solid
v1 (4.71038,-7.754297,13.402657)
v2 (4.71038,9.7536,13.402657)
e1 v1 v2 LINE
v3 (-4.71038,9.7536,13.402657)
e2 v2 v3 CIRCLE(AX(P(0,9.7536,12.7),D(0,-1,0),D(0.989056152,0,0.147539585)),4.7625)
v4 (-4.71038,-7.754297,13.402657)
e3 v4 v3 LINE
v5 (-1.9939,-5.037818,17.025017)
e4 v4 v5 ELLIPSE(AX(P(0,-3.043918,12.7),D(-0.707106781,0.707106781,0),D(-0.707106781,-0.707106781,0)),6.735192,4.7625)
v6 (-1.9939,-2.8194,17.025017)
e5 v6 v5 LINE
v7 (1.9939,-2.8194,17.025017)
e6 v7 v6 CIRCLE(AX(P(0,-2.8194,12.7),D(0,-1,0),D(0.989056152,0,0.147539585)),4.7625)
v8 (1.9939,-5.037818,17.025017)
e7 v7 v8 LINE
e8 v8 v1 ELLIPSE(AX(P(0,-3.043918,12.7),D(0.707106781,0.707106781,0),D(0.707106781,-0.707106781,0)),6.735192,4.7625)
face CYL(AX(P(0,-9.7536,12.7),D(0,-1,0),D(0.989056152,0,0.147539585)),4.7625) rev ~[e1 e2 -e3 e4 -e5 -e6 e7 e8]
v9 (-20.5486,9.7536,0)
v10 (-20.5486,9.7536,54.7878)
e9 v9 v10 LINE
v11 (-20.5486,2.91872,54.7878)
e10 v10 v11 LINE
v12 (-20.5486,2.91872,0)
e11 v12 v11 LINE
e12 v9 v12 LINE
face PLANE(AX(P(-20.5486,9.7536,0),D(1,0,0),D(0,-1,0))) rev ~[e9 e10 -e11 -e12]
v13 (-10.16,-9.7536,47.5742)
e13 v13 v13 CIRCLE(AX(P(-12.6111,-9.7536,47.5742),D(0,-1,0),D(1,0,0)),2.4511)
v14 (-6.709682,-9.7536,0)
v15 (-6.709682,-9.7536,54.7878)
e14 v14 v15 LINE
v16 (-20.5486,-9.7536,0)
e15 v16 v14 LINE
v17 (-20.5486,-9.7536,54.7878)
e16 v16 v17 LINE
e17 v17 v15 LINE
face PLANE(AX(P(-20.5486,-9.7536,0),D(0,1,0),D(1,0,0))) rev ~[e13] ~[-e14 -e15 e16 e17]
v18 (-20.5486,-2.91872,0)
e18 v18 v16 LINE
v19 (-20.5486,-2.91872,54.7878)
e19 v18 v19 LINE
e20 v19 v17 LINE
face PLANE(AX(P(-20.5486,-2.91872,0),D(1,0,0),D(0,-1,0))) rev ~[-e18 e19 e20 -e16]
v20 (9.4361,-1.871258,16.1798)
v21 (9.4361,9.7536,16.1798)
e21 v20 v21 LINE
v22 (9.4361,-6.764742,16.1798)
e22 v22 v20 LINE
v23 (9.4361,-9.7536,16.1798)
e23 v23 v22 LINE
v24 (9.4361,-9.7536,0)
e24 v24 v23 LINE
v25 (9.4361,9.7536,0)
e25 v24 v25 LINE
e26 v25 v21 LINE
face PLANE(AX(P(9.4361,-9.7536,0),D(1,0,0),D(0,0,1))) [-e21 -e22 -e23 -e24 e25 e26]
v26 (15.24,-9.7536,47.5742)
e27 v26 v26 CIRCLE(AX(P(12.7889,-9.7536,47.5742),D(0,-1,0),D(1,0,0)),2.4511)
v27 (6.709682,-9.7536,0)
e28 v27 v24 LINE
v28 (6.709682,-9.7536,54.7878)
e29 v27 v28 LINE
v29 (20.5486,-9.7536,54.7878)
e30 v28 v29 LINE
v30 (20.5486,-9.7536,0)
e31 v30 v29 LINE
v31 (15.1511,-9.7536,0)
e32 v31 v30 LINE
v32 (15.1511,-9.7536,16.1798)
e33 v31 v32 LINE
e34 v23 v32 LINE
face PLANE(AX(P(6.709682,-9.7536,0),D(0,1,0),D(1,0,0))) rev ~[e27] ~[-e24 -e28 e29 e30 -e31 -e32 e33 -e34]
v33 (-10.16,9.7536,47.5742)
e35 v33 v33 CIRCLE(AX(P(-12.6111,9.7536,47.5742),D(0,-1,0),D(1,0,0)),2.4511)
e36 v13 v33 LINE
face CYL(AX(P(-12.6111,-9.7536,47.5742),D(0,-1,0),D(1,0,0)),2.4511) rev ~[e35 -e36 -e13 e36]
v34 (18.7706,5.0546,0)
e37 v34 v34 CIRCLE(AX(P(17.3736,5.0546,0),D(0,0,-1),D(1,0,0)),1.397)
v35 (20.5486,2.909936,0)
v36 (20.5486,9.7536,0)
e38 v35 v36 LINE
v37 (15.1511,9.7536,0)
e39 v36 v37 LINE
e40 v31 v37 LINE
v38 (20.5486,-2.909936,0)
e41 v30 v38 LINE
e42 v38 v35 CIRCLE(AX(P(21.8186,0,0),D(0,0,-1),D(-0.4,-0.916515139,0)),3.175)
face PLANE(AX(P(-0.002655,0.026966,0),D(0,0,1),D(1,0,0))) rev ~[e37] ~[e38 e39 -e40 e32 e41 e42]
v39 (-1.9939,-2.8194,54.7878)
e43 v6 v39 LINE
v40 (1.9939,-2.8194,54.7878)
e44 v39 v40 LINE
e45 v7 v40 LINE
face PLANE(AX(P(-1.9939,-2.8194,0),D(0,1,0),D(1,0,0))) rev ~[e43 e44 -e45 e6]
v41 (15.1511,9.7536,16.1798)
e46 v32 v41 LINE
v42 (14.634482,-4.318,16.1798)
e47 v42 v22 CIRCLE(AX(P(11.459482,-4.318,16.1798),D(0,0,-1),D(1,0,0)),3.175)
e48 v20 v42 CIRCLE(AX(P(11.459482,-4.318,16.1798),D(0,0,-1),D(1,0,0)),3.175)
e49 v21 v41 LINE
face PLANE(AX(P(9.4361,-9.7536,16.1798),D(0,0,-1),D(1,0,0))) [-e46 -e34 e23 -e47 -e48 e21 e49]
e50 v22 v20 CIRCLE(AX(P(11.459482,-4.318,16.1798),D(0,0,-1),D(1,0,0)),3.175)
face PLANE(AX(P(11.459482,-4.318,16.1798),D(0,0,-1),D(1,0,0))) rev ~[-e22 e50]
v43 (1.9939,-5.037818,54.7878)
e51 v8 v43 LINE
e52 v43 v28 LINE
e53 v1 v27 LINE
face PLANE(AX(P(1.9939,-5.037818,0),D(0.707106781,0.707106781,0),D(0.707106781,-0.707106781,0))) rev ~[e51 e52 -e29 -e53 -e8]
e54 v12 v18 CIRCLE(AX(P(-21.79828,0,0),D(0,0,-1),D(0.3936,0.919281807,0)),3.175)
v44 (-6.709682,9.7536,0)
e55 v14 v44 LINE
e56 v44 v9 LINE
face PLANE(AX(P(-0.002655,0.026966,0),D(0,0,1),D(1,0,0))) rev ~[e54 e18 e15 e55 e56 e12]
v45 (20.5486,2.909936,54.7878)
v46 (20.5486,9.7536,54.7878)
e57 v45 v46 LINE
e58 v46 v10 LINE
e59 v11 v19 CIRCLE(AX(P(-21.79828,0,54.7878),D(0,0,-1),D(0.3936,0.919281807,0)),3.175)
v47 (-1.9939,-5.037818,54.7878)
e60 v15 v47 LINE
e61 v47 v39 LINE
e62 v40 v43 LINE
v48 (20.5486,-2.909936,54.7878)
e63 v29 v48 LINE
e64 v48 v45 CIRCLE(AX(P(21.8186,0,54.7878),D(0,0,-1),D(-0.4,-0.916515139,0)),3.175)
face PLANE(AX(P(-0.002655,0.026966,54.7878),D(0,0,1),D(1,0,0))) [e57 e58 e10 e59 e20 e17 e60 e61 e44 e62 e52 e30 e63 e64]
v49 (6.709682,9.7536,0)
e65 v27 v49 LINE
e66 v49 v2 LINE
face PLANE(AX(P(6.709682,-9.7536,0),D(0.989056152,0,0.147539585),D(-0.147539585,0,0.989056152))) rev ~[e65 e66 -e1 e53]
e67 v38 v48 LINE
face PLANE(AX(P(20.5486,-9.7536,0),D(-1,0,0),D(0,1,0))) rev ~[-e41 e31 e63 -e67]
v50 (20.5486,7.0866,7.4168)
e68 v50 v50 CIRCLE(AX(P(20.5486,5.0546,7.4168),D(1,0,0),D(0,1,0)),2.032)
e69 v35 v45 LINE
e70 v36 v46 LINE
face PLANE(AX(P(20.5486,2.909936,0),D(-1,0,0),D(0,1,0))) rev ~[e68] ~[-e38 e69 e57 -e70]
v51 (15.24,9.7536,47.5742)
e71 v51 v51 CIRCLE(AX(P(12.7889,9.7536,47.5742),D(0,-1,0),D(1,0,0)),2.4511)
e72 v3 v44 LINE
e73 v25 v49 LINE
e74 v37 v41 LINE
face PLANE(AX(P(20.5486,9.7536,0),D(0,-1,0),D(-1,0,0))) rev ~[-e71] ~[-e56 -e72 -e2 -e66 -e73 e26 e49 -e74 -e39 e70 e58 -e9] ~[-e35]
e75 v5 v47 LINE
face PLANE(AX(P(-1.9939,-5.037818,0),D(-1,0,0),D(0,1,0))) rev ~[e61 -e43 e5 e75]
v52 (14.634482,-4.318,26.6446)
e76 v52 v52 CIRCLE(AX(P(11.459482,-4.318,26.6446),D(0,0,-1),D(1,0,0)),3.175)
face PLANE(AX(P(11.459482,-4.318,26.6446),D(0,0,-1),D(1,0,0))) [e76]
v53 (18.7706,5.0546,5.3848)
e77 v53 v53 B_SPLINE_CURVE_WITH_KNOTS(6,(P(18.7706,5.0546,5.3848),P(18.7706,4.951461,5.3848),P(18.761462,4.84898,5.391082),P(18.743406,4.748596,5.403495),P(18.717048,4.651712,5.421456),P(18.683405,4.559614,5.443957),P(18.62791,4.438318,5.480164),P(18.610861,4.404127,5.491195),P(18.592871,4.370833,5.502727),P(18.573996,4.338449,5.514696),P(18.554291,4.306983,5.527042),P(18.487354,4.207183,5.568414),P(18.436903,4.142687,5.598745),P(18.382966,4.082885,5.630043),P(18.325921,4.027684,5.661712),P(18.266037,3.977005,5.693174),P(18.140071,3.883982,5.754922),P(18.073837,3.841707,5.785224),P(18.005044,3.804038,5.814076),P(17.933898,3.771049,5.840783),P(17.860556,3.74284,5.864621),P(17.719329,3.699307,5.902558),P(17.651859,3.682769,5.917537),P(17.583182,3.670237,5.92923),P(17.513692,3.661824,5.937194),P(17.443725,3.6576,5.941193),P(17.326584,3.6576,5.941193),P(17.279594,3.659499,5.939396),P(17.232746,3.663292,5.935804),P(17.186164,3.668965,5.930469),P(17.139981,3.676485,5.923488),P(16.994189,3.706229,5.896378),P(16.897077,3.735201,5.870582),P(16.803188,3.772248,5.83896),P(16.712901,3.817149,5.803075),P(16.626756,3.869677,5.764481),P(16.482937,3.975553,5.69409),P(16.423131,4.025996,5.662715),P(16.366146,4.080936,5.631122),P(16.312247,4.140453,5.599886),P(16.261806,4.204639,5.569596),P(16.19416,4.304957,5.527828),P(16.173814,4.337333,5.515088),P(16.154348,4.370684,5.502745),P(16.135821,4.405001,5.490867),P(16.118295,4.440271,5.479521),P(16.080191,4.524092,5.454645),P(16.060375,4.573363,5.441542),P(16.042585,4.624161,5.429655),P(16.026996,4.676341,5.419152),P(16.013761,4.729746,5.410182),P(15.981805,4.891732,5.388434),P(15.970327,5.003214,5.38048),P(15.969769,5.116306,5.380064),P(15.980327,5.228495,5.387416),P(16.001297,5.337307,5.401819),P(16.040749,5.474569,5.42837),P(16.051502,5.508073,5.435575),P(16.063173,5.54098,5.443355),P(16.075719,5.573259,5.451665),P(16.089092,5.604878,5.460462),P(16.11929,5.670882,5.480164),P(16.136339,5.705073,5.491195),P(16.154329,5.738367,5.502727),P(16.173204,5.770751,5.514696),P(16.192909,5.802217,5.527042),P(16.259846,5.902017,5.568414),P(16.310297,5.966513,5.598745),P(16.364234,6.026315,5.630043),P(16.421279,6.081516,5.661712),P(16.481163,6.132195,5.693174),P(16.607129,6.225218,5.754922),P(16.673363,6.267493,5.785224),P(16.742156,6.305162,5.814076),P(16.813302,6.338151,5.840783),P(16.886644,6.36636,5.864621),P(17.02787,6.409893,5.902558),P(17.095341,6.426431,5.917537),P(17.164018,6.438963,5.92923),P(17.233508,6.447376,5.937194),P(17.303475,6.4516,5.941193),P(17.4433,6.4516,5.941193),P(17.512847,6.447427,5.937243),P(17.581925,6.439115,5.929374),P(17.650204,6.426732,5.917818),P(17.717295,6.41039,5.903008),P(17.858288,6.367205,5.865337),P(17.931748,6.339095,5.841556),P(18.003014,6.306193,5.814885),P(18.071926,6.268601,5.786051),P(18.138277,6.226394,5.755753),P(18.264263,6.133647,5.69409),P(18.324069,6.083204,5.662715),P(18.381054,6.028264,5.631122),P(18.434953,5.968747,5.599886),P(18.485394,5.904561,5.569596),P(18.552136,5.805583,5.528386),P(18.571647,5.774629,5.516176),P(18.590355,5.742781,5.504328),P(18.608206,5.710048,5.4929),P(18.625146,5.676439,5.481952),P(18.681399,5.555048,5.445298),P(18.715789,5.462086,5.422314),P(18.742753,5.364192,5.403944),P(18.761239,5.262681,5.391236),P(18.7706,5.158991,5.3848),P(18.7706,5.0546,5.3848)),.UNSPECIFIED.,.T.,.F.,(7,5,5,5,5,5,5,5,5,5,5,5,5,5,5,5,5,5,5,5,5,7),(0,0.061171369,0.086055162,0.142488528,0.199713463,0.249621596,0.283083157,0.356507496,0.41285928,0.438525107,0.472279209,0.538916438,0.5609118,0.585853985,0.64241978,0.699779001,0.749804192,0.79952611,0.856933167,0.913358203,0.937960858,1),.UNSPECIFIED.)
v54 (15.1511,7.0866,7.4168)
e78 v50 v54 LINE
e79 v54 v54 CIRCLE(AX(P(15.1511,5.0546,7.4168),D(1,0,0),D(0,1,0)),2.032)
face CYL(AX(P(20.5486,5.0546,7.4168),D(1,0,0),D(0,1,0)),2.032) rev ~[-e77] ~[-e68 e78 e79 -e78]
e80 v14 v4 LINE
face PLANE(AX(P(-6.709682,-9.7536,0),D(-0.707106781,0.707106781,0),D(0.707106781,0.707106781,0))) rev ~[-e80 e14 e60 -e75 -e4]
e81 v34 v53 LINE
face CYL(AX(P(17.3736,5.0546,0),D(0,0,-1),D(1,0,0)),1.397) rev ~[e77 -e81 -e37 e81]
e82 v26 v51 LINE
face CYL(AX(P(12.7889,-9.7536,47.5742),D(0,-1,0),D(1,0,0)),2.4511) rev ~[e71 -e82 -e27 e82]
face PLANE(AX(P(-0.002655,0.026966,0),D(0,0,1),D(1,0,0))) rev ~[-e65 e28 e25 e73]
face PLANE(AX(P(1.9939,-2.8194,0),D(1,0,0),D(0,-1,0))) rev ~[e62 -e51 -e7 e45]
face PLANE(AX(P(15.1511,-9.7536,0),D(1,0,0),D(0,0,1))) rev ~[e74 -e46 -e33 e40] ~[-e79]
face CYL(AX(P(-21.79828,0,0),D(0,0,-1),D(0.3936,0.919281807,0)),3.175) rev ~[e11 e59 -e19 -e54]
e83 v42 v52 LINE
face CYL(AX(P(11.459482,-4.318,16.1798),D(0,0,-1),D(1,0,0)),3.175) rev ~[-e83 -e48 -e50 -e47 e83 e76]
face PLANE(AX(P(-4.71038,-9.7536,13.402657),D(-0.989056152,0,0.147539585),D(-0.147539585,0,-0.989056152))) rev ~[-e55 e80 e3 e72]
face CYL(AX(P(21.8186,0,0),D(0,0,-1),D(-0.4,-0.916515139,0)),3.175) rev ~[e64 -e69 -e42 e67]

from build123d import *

# Parameters (mm, degrees)
F1_DEPTH = 54.7878
F2_R     = 2.4511
F2_W     = 5.715
F2_H     = 16.1798
F3_DEPTH = 25.4
F4_R     = 3.175
F5_DEPTH = 10.4648
F6_R     = 2.032
F7_DEPTH = 5.3975
F8_R     = 1.397
F9_DEPTH = 5.9421934451


with BuildPart() as f1:
    # F0 (on Top) → F1 (new body)
    with BuildSketch(Plane.XY):
        with BuildLine():
            Line((20.5486, 2.9099355663), (20.5486, 9.7536))
            Line((20.5486, 9.7536), (-20.5486, 9.7536))
            Line((-20.5486, 9.7536), (-20.5486, 2.918719736))
            ThreePointArc((-20.5486, 2.918719736), (-18.62328, 0), (-20.5486, -2.918719736))
            Line((-20.5486, -2.918719736), (-20.5486, -9.7536))
            Line((-20.5486, -9.7536), (-6.7096824712, -9.7536))
            Line((-6.7096824712, -9.7536), (-1.9939, -5.0378175288))
            Line((-1.9939, -5.0378175288), (-1.9939, -2.8194))
            Line((-1.9939, -2.8194), (1.9939, -2.8194))
            Line((1.9939, -2.8194), (1.9939, -5.0378175288))
            Line((1.9939, -5.0378175288), (6.7096824712, -9.7536))
            Line((6.7096824712, -9.7536), (20.5486, -9.7536))
            Line((20.5486, -9.7536), (20.5486, -2.9099355663))
            ThreePointArc((20.5486, -2.9099355663), (18.6436, 0), (20.5486, 2.9099355663))
        make_face()
    extrude(amount=F1_DEPTH)

    # F2 (on face) → F3 (cut)
    with BuildSketch(Plane.XZ.offset(9.7536)):
        with Locations((-12.6111, 47.5742)):
            Circle(F2_R)
        with Locations((12.7889, 47.5742)):
            Circle(F2_R)
        with Locations((12.2936, 8.0899)):
            Rectangle(F2_W, F2_H)
        with BuildLine():
            Line((6.7096824712, 0), (4.710379922, 13.4026572713))
            ThreePointArc((4.710379922, 13.4026572713), (0, 17.4625), (-4.710379922, 13.4026572713))
            Line((-4.710379922, 13.4026572713), (-6.7096824712, 0))
            Line((-6.7096824712, 0), (6.7096824712, 0))
        make_face()
    extrude(amount=-F3_DEPTH, mode=Mode.SUBTRACT)

    # F4 (on face) → F5 (cut)
    with BuildSketch(Plane(origin=(0, 0, 16.1798), x_dir=(1, 0, 0), z_dir=(0, 0, -1))):
        with Locations((11.4594824712, 4.318)):
            Circle(F4_R)
    extrude(amount=-F5_DEPTH, mode=Mode.SUBTRACT)

    # F6 (on face) → F7 (cut, through all)
    with BuildSketch(Plane.YZ.offset(20.5486)):
        with Locations((5.0546, 7.4168)):
            Circle(F6_R)
    extrude(amount=-F7_DEPTH, mode=Mode.SUBTRACT)

    # F8 (on face) → F9 (cut, through all)
    with BuildSketch(Plane(origin=(0, 0, 0), x_dir=(1, 0, 0), z_dir=(0, 0, -1))):
        with Locations((17.3736, -5.0546)):
            Circle(F8_R)
    extrude(amount=-F9_DEPTH, mode=Mode.SUBTRACT)


solid = f1.part
